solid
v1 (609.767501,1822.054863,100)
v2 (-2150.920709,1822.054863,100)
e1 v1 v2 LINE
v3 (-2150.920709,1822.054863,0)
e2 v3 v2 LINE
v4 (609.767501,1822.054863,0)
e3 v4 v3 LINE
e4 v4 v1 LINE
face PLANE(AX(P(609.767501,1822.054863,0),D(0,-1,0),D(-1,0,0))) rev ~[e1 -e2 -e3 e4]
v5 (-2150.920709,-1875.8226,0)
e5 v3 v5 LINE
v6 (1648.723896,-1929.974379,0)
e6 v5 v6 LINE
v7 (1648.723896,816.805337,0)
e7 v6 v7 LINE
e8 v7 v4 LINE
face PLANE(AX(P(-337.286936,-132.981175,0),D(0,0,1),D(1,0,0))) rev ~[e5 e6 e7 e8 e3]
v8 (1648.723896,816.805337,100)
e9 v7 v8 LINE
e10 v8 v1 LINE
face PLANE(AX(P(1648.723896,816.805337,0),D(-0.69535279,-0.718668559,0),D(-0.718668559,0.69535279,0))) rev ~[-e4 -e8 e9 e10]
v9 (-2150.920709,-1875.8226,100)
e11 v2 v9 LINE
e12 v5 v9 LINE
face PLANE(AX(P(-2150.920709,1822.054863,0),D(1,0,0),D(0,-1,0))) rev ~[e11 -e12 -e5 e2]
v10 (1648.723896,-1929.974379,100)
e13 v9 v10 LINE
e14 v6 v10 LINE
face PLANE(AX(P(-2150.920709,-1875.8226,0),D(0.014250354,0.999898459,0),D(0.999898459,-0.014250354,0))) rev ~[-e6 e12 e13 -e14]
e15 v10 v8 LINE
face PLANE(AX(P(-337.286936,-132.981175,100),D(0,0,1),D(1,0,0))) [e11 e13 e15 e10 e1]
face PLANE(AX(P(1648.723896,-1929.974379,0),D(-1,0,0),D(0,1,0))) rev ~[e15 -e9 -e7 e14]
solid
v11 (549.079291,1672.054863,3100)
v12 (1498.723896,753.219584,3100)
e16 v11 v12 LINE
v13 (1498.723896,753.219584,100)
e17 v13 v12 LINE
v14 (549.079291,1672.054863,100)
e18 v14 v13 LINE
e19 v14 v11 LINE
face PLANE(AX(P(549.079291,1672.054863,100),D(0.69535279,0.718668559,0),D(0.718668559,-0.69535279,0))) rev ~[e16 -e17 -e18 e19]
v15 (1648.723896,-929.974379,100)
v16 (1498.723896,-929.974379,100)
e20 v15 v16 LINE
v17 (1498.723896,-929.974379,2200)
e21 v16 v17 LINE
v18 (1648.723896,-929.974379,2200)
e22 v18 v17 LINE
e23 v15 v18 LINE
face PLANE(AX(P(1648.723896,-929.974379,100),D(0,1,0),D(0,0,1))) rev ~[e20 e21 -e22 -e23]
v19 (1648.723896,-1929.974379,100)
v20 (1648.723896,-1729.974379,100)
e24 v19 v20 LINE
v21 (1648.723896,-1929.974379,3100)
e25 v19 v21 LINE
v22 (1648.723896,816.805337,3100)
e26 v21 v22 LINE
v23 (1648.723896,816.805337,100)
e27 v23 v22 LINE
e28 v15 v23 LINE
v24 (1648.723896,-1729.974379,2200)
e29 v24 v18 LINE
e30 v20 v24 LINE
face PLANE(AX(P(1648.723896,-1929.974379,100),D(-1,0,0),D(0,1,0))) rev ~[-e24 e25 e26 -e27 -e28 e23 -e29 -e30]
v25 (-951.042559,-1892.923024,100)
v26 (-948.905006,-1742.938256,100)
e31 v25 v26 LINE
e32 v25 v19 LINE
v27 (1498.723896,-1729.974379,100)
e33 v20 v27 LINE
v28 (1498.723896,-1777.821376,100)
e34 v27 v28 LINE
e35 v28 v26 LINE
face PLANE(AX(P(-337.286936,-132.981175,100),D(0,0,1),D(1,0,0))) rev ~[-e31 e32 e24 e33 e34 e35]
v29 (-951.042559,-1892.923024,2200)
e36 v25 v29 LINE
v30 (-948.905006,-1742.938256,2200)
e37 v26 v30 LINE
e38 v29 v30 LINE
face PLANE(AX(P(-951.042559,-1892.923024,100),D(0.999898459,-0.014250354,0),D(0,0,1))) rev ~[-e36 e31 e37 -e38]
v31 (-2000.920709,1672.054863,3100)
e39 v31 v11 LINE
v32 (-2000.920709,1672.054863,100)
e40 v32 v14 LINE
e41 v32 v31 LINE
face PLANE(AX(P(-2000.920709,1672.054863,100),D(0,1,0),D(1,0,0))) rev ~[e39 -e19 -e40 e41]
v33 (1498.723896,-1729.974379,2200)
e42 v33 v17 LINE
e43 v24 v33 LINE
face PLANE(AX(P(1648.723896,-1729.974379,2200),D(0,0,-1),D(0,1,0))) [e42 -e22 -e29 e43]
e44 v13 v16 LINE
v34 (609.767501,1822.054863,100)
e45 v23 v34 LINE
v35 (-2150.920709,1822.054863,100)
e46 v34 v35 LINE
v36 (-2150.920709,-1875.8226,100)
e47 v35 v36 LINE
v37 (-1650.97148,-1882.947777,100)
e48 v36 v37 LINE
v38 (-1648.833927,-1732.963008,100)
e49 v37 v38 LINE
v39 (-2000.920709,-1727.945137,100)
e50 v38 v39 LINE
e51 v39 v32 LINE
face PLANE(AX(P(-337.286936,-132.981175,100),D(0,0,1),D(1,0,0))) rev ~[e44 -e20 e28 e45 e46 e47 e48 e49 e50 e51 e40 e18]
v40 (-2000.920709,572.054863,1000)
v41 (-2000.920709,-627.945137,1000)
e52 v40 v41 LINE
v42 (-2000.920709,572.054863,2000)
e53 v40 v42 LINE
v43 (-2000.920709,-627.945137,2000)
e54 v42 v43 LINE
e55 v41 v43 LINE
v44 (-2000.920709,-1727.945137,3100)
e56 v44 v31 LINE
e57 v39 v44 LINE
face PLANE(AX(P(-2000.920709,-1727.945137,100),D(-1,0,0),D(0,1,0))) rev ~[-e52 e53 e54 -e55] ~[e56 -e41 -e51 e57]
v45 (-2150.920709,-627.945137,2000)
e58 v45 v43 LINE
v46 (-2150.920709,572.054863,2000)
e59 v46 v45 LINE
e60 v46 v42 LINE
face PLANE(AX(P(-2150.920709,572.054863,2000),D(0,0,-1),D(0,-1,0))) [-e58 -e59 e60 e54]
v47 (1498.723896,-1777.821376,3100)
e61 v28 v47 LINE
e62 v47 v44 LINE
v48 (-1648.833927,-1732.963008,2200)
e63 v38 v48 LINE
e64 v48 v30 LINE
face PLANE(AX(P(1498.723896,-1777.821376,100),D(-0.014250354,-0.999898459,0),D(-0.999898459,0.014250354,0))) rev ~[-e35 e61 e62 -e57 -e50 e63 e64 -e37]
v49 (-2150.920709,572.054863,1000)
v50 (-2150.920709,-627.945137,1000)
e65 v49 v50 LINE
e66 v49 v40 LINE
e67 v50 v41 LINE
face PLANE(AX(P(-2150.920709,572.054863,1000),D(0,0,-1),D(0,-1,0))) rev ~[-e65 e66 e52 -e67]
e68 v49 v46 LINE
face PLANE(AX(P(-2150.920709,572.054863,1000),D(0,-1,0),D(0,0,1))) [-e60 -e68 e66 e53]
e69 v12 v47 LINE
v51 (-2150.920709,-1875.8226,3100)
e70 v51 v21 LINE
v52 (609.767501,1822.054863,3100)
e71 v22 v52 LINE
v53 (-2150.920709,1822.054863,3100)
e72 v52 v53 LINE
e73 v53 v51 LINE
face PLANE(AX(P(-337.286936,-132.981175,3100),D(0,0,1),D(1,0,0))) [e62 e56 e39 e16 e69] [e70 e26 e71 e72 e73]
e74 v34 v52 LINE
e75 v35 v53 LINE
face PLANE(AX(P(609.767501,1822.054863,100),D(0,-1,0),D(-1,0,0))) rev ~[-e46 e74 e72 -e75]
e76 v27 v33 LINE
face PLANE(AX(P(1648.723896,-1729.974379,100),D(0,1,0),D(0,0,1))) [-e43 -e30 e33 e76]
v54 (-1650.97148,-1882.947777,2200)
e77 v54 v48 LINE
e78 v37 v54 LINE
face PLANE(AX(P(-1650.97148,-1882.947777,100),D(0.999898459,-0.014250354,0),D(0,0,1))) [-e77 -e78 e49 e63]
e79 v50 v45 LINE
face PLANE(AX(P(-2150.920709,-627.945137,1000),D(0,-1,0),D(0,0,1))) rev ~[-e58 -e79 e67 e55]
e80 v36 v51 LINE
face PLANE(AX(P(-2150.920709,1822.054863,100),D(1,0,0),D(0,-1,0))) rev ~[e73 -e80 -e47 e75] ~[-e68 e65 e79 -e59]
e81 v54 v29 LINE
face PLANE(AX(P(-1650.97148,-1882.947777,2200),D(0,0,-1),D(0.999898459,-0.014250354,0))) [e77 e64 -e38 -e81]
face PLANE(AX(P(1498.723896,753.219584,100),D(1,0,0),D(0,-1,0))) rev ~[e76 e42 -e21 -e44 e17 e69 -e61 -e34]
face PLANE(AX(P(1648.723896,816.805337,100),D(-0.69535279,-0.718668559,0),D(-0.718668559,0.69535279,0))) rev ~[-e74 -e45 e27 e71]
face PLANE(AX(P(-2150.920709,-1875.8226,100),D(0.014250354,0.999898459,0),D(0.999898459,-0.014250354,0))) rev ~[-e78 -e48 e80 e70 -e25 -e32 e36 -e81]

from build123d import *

# Parameters (mm, degrees)
F1_DEPTH = 100
F3_DEPTH = 3000
F4_W     = 700
F4_H     = 2100
F5_DEPTH = 150
F6_W     = 800
F6_H     = 2100
F7_DEPTH = 150
F8_W     = 1200
F8_H     = 1000
F9_DEPTH = 150


with BuildPart() as f1:
    # F0 (on Top) → F1 (new body)
    with BuildSketch(Plane.XY):
        Polygon((1648.7238958032, 816.8053367971), (609.7675009533, 1822.0548629761), (-2150.9207091177, 1822.0548629761), (-2150.9207091177, -1875.8225996028), (1648.7238958032, -1929.9743792834), align=None)
    extrude(amount=F1_DEPTH)


with BuildPart() as f3:
    # F2 (on face) → F3 (new body)
    with BuildSketch(Plane.XY.offset(100)):
        Polygon((609.7675009533, 1822.0548629761), (-2150.9207091177, 1822.0548629761), (-2150.9207091177, -1875.8225996028), (1648.7238958032, -1929.9743792834), (1648.7238958032, 816.8053367971), align=None)
        Polygon((-2000.9207091177, -1727.9451370239), (-2000.9207091177, 1672.0548629761), (549.0792908823, 1672.0548629761), (1498.7238958032, 753.2195837793), (1498.7238958032, -1777.8213763335), align=None, mode=Mode.SUBTRACT)
    extrude(amount=F3_DEPTH)

    # F4 (on face) → F5 (cut, through all)
    with BuildSketch(Plane(origin=(-27.1652149759, -1906.0899407813, 0), x_dir=(0.9998984585, -0.0142503541, 0), z_dir=(-0.0142503541, -0.9998984585, 0))):
        with Locations((-1273.9711652562, 1150)):
            Rectangle(F4_W, F4_H)
    extrude(amount=-F5_DEPTH, mode=Mode.SUBTRACT)

    # F6 (on face) → F7 (cut, through all)
    with BuildSketch(Plane.YZ.offset(1648.7238958032)):
        with Locations((-1329.9743792834, 1150)):
            Rectangle(F6_W, F6_H)
    extrude(amount=-F7_DEPTH, mode=Mode.SUBTRACT)

    # F8 (on face) → F9 (cut, through all)
    with BuildSketch(Plane(origin=(-2150.9207091177, 0, 0), x_dir=(0, -1, 0), z_dir=(-1, 0, 0))):
        with Locations((27.9451370239, 1500)):
            Rectangle(F8_W, F8_H)
    extrude(amount=-F9_DEPTH, mode=Mode.SUBTRACT)


solid = Compound([f1.part, f3.part])
